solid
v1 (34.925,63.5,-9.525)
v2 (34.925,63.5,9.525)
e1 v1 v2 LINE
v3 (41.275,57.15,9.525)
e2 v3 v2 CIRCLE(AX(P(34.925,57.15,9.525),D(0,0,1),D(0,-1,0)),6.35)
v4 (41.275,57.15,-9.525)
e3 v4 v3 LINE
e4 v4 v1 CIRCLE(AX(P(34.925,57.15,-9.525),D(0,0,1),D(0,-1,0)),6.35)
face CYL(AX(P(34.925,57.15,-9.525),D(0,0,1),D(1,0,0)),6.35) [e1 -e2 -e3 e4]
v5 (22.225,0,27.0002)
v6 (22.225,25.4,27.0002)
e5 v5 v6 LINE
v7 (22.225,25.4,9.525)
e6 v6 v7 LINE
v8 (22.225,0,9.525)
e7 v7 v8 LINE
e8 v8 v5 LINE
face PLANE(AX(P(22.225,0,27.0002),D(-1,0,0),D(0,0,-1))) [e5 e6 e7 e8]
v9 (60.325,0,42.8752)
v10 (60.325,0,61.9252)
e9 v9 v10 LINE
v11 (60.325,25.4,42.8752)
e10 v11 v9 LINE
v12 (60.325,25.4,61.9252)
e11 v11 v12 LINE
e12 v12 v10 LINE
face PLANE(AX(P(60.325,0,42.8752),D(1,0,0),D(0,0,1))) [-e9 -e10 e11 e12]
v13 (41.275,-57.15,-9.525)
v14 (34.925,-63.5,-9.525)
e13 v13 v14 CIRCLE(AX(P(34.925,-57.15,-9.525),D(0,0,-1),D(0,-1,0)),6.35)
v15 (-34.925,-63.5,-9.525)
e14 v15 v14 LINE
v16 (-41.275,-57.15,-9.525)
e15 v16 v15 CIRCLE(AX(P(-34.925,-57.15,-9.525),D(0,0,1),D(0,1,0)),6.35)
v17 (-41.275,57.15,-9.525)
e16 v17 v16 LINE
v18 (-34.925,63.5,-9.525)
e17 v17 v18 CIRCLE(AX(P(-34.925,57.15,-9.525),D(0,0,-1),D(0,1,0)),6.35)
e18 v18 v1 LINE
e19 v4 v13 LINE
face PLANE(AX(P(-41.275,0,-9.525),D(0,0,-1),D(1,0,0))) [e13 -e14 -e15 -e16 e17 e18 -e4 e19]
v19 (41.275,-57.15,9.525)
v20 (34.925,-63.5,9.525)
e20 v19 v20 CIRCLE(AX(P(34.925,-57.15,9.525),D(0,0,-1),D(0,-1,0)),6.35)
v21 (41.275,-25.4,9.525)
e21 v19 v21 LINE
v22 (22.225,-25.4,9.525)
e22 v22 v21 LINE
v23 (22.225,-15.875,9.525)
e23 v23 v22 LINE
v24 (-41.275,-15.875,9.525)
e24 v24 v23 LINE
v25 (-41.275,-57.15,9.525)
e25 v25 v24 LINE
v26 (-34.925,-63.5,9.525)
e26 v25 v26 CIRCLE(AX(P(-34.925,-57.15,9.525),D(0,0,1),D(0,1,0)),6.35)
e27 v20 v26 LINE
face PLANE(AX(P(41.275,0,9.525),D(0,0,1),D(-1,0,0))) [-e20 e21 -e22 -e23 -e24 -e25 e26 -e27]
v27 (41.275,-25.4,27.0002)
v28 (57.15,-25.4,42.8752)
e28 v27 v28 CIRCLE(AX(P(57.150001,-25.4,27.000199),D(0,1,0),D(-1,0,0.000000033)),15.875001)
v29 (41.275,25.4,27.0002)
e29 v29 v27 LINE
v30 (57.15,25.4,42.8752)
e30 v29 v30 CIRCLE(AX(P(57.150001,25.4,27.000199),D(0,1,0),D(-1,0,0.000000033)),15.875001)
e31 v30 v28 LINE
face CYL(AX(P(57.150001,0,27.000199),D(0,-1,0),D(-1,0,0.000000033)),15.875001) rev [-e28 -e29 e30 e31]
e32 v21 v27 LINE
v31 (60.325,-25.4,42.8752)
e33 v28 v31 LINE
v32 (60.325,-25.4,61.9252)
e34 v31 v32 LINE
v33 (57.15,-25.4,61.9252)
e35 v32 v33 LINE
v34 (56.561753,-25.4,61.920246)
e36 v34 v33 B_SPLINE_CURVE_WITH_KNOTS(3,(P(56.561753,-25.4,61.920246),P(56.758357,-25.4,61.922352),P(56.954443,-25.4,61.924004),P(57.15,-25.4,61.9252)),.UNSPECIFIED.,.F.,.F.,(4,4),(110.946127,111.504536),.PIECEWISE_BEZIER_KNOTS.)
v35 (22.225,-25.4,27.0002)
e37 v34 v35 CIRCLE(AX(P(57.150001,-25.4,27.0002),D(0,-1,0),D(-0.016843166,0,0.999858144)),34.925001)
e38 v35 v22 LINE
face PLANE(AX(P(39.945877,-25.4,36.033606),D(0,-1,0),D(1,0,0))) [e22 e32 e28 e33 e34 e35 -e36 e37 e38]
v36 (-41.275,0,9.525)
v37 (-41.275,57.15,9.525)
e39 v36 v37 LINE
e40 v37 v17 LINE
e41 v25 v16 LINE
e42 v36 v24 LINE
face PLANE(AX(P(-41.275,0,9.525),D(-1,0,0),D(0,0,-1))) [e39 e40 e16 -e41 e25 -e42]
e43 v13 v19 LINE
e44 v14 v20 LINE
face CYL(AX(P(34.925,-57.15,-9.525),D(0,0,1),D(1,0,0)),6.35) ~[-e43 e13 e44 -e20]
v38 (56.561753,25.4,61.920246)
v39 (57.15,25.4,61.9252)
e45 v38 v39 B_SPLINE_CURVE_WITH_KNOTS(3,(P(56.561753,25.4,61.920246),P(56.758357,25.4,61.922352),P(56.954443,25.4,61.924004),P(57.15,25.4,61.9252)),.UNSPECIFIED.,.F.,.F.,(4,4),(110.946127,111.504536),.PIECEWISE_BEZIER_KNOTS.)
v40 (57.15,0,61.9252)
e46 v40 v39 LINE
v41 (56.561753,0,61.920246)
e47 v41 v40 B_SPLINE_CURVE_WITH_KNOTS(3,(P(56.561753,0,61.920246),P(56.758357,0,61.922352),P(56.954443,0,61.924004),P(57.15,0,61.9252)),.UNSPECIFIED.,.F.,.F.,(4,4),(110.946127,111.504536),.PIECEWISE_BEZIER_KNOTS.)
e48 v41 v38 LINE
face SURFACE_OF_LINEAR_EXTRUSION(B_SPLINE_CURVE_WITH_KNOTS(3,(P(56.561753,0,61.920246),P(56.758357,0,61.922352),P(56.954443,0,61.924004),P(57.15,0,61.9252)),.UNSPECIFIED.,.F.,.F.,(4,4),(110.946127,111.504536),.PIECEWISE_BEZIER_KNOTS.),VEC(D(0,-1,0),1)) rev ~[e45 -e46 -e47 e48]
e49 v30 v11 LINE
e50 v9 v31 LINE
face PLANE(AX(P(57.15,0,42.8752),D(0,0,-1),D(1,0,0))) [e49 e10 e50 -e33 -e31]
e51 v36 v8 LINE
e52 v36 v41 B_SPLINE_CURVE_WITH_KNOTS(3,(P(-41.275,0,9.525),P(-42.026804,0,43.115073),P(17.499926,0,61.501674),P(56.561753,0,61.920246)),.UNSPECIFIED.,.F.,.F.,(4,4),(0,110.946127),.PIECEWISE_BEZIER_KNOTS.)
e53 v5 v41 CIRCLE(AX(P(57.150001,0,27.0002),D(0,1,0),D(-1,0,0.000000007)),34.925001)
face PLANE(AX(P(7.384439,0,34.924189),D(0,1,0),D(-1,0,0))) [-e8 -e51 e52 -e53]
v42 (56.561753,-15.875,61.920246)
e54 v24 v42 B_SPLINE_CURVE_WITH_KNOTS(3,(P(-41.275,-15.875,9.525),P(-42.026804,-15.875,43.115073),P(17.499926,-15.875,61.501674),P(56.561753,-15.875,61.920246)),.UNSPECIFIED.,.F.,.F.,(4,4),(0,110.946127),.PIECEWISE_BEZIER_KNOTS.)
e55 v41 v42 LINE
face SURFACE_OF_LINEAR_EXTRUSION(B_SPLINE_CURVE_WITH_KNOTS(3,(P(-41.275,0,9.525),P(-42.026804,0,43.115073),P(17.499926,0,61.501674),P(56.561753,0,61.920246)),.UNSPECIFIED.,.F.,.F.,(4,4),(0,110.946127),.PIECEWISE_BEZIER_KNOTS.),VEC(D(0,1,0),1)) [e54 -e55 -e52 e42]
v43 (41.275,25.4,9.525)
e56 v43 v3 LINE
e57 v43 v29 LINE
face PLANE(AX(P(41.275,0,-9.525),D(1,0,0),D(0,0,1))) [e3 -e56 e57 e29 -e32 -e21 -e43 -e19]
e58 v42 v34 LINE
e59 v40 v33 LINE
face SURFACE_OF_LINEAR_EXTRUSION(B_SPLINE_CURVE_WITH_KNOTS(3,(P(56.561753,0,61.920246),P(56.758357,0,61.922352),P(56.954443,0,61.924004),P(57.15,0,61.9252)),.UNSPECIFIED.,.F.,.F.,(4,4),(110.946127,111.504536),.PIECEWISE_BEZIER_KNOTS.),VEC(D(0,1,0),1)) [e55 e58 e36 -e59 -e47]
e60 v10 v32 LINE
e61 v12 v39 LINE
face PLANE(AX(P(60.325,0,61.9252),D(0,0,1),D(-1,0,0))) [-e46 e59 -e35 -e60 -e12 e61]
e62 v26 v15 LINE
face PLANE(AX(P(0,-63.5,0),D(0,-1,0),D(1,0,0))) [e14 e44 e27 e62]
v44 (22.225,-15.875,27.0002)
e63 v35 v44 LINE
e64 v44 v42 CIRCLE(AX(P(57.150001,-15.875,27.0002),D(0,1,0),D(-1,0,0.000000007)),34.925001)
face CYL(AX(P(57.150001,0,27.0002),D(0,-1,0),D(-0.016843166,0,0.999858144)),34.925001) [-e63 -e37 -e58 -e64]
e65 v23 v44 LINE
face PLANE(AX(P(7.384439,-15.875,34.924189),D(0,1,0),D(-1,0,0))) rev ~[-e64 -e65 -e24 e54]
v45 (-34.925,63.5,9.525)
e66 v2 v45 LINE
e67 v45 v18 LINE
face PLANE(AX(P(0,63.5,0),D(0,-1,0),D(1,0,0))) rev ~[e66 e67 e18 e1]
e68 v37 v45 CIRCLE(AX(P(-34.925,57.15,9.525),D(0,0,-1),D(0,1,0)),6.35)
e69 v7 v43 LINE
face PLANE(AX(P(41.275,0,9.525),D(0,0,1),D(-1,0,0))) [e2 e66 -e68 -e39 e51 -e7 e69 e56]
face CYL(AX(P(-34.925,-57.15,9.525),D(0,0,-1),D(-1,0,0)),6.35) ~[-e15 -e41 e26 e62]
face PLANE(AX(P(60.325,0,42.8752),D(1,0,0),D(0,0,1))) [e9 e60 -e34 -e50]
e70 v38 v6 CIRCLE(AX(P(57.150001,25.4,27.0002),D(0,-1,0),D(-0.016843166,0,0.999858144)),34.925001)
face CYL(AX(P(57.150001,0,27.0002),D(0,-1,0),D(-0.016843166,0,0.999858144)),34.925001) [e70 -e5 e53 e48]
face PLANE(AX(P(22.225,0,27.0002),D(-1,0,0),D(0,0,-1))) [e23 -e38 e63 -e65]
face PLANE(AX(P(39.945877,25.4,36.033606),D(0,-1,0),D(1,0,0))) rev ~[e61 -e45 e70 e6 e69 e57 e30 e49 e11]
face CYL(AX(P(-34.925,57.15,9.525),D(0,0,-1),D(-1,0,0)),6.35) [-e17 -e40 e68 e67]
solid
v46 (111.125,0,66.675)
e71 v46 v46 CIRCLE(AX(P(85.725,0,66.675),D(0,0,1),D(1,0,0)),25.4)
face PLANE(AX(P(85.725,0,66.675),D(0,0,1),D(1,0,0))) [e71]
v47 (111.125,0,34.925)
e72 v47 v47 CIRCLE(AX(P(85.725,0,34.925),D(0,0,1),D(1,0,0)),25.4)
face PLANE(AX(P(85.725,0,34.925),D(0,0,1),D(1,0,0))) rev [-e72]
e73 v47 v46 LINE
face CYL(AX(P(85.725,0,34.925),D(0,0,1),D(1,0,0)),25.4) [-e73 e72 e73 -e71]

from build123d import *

# Parameters (mm, degrees)
F1_DEPTH = 63.5
F2_DEPTH = 25.4
F3_DEPTH = 15.875
F5_R     = 6.35


with BuildPart() as f1:
    # F0 (on Front) → F1 (new body, symmetric)
    with BuildSketch(Plane.XZ):
        Polygon((22.225, 9.525), (-41.275, 9.525), (-41.275, -9.525), (41.275, -9.525), (41.275, 9.525), align=None)
    extrude(amount=F1_DEPTH, both=True)

    # F0 (on Front) → F2 (join, symmetric)
    with BuildSketch(Plane.XZ):
        with BuildLine():
            Line((22.225, 27.0002), (22.225, 9.525))
            Line((22.225, 9.525), (41.275, 9.525))
            Line((41.275, 9.525), (41.275, 27.0002))
            ThreePointArc((41.275, 27.0002), (45.92468, 38.22552), (57.15, 42.8752))
            Line((57.15, 42.8752), (60.325, 42.8752))
            Line((60.325, 42.8752), (60.325, 61.9252))
            Line((60.325, 61.9252), (57.15, 61.9252))
            add(Edge.make_bspline(
                [(56.561753, 61.920246), (56.758357, 61.922352), (56.954443, 61.924004), (57.15, 61.9252)],
                knots=[110.946127, 110.946127, 110.946127, 110.946127, 111.504536, 111.504536, 111.504536, 111.504536], degree=3))
            ThreePointArc((56.561753, 61.920246), (32.247187, 51.487044), (22.225, 27.0002))
        make_face()
    extrude(amount=F2_DEPTH, both=True)

    # F0 (on Front) → F3 (join)
    with BuildSketch(Plane.XZ):
        with BuildLine():
            add(Edge.make_bspline(
                [(-41.275, 9.525), (-42.026804, 43.115073), (17.499926, 61.501674), (56.561753, 61.920246)],
                knots=[0, 0, 0, 0, 110.946127, 110.946127, 110.946127, 110.946127], degree=3))
            Line((-41.275, 9.525), (22.225, 9.525))
            Line((22.225, 9.525), (22.225, 27.0002))
            ThreePointArc((22.225, 27.0002), (32.247187, 51.487044), (56.561753, 61.920246))
        make_face()
    extrude(amount=F3_DEPTH)

    # F0 (on Front) → F4 (revolve)
    with BuildSketch(Plane.XZ):
        Polygon((85.725, 66.675), (85.725, 61.9252), (85.725, 34.925), (111.125, 34.925), (111.125, 66.675), align=None)
    revolve(axis=Axis((85.725, 0, 50.8), (0, 0, 1)))

    # F5
    f5_edges = [f1.edges().sort_by_distance(p)[0] for p in [
        (41.275, 63.5, 0),
        (-41.275, 63.5, 0),
        (-41.275, -63.5, 0),
        (41.275, -63.5, 0),
    ]]
    fillet(f5_edges, radius=F5_R)


solid = f1.part
